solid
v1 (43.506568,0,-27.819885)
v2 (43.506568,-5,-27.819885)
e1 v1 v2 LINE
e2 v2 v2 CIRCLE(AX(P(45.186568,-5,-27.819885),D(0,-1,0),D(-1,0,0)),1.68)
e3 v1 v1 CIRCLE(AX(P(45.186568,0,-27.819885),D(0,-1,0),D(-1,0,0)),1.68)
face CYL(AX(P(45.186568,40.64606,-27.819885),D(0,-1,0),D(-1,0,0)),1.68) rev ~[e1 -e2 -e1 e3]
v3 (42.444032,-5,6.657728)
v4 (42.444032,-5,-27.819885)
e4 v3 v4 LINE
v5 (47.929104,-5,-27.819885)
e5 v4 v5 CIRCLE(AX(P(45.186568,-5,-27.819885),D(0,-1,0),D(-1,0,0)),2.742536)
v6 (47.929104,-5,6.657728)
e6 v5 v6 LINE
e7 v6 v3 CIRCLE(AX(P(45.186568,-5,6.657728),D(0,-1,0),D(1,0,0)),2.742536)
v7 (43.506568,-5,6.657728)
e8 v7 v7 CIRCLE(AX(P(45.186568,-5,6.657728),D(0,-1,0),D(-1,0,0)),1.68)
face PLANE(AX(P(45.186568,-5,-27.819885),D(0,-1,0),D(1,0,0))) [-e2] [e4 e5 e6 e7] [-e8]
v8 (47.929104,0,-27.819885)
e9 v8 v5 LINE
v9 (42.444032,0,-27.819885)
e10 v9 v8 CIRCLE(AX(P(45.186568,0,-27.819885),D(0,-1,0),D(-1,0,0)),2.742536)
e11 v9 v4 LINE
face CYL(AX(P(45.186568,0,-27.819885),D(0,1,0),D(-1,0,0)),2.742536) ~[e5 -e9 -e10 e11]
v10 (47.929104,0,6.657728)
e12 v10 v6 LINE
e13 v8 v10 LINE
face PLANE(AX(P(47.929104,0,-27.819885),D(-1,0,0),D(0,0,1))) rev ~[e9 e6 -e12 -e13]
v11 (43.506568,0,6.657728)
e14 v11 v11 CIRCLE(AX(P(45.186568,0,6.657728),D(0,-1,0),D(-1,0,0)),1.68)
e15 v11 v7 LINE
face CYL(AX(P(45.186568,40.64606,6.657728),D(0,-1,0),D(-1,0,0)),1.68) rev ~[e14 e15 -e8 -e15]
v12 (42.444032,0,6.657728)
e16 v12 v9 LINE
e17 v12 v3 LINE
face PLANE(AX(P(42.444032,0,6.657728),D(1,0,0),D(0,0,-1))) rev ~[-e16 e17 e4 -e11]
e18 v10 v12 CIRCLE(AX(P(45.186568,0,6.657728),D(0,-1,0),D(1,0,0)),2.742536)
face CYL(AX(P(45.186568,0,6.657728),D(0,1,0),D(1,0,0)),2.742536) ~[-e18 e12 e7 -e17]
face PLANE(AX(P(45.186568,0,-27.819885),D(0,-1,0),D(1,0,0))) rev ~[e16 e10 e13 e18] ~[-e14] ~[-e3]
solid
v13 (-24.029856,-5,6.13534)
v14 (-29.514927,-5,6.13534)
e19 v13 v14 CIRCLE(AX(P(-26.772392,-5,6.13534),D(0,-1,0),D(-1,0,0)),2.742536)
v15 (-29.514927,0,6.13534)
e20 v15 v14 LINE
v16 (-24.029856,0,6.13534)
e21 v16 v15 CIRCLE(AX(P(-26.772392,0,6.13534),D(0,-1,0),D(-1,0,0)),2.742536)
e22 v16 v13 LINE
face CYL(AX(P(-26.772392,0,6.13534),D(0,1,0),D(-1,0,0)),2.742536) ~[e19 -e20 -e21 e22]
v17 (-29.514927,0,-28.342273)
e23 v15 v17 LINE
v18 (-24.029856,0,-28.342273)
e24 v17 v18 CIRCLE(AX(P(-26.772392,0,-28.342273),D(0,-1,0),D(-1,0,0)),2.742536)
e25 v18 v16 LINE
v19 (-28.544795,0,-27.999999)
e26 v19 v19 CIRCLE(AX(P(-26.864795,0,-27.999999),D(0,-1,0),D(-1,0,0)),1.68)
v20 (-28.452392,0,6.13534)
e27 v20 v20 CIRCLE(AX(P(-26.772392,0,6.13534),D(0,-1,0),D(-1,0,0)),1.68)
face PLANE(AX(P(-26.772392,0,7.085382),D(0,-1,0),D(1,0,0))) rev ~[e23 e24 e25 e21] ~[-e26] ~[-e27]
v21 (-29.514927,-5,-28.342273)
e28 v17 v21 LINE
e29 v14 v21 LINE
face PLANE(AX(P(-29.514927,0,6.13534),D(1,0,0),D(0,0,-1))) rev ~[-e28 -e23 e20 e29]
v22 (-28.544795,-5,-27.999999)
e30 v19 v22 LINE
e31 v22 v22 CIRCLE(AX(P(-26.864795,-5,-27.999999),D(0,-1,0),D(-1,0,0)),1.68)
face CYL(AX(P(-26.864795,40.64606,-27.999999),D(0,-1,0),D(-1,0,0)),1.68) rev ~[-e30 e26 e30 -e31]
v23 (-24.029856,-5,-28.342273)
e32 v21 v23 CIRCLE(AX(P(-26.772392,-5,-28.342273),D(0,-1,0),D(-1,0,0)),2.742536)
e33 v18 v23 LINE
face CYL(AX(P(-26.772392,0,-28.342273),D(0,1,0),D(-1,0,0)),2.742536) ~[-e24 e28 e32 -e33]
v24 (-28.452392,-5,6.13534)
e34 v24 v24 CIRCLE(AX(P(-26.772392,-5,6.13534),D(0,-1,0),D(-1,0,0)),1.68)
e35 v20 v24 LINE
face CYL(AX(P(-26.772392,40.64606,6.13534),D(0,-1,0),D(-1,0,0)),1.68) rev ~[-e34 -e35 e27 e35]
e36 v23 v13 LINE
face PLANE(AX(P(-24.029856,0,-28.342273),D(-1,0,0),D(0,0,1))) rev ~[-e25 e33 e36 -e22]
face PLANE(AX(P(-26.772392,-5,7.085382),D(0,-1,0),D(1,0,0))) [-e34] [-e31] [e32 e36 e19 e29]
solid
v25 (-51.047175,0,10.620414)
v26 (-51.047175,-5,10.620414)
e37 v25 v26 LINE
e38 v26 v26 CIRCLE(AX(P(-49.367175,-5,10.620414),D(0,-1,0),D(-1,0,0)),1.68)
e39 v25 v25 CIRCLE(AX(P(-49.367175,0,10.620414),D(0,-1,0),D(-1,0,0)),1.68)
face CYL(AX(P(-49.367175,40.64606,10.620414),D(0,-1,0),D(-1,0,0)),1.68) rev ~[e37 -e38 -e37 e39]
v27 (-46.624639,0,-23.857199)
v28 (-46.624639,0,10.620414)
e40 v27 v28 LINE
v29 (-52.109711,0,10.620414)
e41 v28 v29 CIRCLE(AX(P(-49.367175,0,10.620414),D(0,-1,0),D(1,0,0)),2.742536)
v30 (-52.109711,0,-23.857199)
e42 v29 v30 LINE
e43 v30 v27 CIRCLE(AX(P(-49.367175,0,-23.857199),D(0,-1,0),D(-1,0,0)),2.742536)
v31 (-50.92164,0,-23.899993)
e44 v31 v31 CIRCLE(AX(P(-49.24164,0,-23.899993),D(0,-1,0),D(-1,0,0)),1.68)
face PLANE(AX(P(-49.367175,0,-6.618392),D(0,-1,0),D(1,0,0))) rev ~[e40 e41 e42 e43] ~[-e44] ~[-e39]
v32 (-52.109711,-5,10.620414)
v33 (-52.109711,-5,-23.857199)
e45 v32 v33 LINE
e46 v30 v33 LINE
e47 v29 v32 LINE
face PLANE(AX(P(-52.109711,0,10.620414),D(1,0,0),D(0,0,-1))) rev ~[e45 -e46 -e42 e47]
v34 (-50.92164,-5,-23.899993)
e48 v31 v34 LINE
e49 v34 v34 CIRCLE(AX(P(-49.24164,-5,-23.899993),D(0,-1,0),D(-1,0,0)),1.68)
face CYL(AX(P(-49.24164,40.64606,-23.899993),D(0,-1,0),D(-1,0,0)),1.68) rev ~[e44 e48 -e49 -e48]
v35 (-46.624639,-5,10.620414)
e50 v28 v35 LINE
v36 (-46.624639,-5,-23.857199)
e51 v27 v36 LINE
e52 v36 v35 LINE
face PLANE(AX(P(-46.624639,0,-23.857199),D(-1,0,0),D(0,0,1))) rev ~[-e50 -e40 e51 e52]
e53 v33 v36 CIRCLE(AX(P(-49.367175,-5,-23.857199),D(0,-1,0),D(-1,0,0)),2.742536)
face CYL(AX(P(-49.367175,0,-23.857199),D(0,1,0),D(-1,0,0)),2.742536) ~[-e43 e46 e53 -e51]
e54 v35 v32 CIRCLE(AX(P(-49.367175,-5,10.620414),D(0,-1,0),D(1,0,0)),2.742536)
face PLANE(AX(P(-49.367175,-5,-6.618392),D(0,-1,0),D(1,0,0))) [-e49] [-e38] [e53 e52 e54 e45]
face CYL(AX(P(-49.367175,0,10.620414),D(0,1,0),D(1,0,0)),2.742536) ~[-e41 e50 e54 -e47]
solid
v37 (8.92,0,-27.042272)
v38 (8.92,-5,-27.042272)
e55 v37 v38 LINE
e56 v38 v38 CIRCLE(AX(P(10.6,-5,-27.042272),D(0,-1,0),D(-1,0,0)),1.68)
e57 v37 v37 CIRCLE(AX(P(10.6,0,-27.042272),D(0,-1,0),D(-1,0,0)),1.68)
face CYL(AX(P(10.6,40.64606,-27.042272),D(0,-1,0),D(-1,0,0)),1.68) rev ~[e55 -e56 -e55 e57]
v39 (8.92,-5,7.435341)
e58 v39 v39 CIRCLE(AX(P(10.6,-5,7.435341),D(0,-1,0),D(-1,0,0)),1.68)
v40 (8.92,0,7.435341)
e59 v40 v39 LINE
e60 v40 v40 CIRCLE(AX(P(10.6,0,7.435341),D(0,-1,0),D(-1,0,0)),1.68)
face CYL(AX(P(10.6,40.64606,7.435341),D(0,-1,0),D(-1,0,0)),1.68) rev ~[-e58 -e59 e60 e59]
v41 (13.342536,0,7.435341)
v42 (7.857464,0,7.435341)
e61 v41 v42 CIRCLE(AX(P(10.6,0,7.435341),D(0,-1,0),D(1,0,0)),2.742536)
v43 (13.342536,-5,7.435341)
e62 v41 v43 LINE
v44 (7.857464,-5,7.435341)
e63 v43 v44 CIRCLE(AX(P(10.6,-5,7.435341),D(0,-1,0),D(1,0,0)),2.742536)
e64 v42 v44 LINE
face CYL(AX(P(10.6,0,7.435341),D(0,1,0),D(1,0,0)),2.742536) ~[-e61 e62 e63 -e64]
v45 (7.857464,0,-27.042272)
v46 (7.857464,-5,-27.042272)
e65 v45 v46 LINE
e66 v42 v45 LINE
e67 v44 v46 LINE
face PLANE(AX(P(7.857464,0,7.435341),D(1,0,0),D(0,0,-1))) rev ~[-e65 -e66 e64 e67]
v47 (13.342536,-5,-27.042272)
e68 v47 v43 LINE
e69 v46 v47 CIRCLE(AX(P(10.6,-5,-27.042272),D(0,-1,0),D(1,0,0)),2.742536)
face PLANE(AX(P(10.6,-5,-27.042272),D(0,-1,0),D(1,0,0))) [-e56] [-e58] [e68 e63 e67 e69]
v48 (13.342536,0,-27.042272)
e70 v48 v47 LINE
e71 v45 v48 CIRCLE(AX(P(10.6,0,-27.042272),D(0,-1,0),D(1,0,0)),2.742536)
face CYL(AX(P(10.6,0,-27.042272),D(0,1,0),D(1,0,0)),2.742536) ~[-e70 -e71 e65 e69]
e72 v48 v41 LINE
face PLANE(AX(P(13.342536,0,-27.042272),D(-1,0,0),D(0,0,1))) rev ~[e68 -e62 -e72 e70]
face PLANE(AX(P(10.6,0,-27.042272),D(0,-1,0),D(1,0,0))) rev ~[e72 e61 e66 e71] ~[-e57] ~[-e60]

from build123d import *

# Parameters (mm, degrees)
F2_DEPTH     = 5
F3_DEPTH     = 5
F4_DEPTH     = 5
F5_D         = 3.36
F5_2_D       = 3.36
F5_3_D       = 3.36
F5_4_D       = 3.36
F5_ON_F1_D   = 3.36
F5_ON_F1_2_D = 3.36


with BuildPart() as f2:
    # F0 (on Front) → F2 (new body)
    with BuildSketch(Plane.XZ):
        with BuildLine():
            ThreePointArc((-24.0298556164, 6.1353398487), (-26.7723915167, 8.877875749), (-29.514927417, 6.1353398487))
            Line((-29.514927417, 6.1353398487), (-24.0298556164, 6.1353398487))
        make_face()
        with BuildLine():
            Line((-24.0298556164, 6.1353398487), (-29.514927417, 6.1353398487))
            ThreePointArc((-29.514927417, 6.1353398487), (-26.7723915167, 3.3928039484), (-24.0298556164, 6.1353398487))
        make_face()
        with BuildLine():
            ThreePointArc((-24.0298556164, 6.1353398487), (-26.7723915167, 3.3928039484), (-29.514927417, 6.1353398487))
            Line((-29.514927417, 6.1353398487), (-29.514927417, -28.3422730863))
            ThreePointArc((-29.514927417, -28.3422730863), (-26.7723915167, -25.599737186), (-24.0298556164, -28.3422730863))
            Line((-24.0298556164, -28.3422730863), (-24.0298556164, 6.1353398487))
        make_face()
        with BuildLine():
            ThreePointArc((-24.0298556164, -28.3422730863), (-26.7723915167, -25.599737186), (-29.514927417, -28.3422730863))
            Line((-29.514927417, -28.3422730863), (-24.0298556164, -28.3422730863))
        make_face()
        with BuildLine():
            Line((-24.0298556164, -28.3422730863), (-29.514927417, -28.3422730863))
            ThreePointArc((-29.514927417, -28.3422730863), (-26.7723915167, -31.0848089866), (-24.0298556164, -28.3422730863))
        make_face()
    extrude(amount=F2_DEPTH)

    # F5 (through all)
    with Locations(Plane(origin=(0, 0, 0), x_dir=(1, 0, 0), z_dir=(0, 1, 0))):
        with Locations((45.1865680516, -6.6577275284), (45.1865680516, 27.8198854066), (10.5999996886, 27.0422715694), (10.5999996886, -7.4353413656), (-26.7723915167, -6.1353398487), (-49.3671749718, -10.6204142794)):
            Hole(F5_D / 2)

    # F5 on F1 (through all)
    with Locations(Plane(origin=(0, 0, 0), x_dir=(1, 0, 0), z_dir=(0, 1, 0))):
        with Locations((-26.8647950143, 27.9999990016), (-49.2416396737, 23.8999929279)):
            Hole(F5_ON_F1_D / 2)


with BuildPart() as f3:
    # F0 (on Front) → F3 (new body)
    with BuildSketch(Plane.XZ):
        with BuildLine():
            ThreePointArc((7.8574637882, -27.0422715694), (10.5999996886, -29.7848074697), (13.3425355889, -27.0422715694))
            ThreePointArc((13.3425355889, -27.0422715694), (10.5999996886, -24.299735669), (7.8574637882, -27.0422715694))
        make_face()
        with BuildLine():
            ThreePointArc((7.8574637882, 7.4353413656), (10.5999996886, 4.6928054653), (13.3425355889, 7.4353413656))
            ThreePointArc((13.3425355889, 7.4353413656), (10.5999996886, 10.177877266), (7.8574637882, 7.4353413656))
        make_face()
        with BuildLine():
            ThreePointArc((7.8574637882, -27.0422715694), (10.5999996886, -24.299735669), (13.3425355889, -27.0422715694))
            Line((13.3425355889, -27.0422715694), (13.3425355889, 7.4353413656))
            ThreePointArc((13.3425355889, 7.4353413656), (10.5999996886, 4.6928054653), (7.8574637882, 7.4353413656))
            Line((7.8574637882, 7.4353413656), (7.8574637882, -27.0422715694))
        make_face()
    extrude(amount=F3_DEPTH)

    # F5#2 (through all)
    with Locations(Plane(origin=(0, 0, 0), x_dir=(1, 0, 0), z_dir=(0, 1, 0))):
        with Locations((45.1865680516, -6.6577275284), (45.1865680516, 27.8198854066), (10.5999996886, 27.0422715694), (10.5999996886, -7.4353413656), (-26.7723915167, -6.1353398487), (-49.3671749718, -10.6204142794)):
            Hole(F5_2_D / 2)


with BuildPart() as f4:
    # F0 (on Front) → F4 (new body)
    with BuildSketch(Plane.XZ):
        with BuildLine():
            ThreePointArc((-52.1097108722, -23.8571986556), (-49.3671749718, -21.1146627553), (-46.6246390715, -23.8571986556))
            Line((-46.6246390715, -23.8571986556), (-46.6246390715, 10.6204142794))
            ThreePointArc((-46.6246390715, 10.6204142794), (-49.3671749718, 7.8778783791), (-52.1097108722, 10.6204142794))
            Line((-52.1097108722, 10.6204142794), (-52.1097108722, -23.8571986556))
        make_face()
        with BuildLine():
            ThreePointArc((-52.1097108722, -23.8571986556), (-49.3671749718, -26.5997345559), (-46.6246390715, -23.8571986556))
            ThreePointArc((-46.6246390715, -23.8571986556), (-49.3671749718, -21.1146627553), (-52.1097108722, -23.8571986556))
        make_face()
        with BuildLine():
            ThreePointArc((-52.1097108722, 10.6204142794), (-49.3671749718, 7.8778783791), (-46.6246390715, 10.6204142794))
            ThreePointArc((-46.6246390715, 10.6204142794), (-49.3671749718, 13.3629501797), (-52.1097108722, 10.6204142794))
        make_face()
    extrude(amount=F4_DEPTH)

    # F5#3 (through all)
    with Locations(Plane(origin=(0, 0, 0), x_dir=(1, 0, 0), z_dir=(0, 1, 0))):
        with Locations((45.1865680516, -6.6577275284), (45.1865680516, 27.8198854066), (10.5999996886, 27.0422715694), (10.5999996886, -7.4353413656), (-26.7723915167, -6.1353398487), (-49.3671749718, -10.6204142794)):
            Hole(F5_3_D / 2)

    # F5 on F1#2 (through all)
    with Locations(Plane(origin=(0, 0, 0), x_dir=(1, 0, 0), z_dir=(0, 1, 0))):
        with Locations((-26.8647950143, 27.9999990016), (-49.2416396737, 23.8999929279)):
            Hole(F5_ON_F1_2_D / 2)


with BuildPart() as f4b:
    # F0 (on Front) → F4, piece 2 (new body)
    with BuildSketch(Plane.XZ):
        with BuildLine():
            ThreePointArc((42.4440321513, -27.8198854066), (45.1865680516, -30.562421307), (47.9291039519, -27.8198854066))
            ThreePointArc((47.9291039519, -27.8198854066), (45.1865680516, -25.0773495063), (42.4440321513, -27.8198854066))
        make_face()
        with BuildLine():
            ThreePointArc((42.4440321513, 6.6577275284), (45.1865680516, 3.915191628), (47.9291039519, 6.6577275284))
            ThreePointArc((47.9291039519, 6.6577275284), (45.1865680516, 9.4002634287), (42.4440321513, 6.6577275284))
        make_face()
        with BuildLine():
            ThreePointArc((42.4440321513, -27.8198854066), (45.1865680516, -25.0773495063), (47.9291039519, -27.8198854066))
            Line((47.9291039519, -27.8198854066), (47.9291039519, 6.6577275284))
            ThreePointArc((47.9291039519, 6.6577275284), (45.1865680516, 3.915191628), (42.4440321513, 6.6577275284))
            Line((42.4440321513, 6.6577275284), (42.4440321513, -27.8198854066))
        make_face()
    extrude(amount=F4_DEPTH)

    # F5#4 (through all)
    with Locations(Plane(origin=(0, 0, 0), x_dir=(1, 0, 0), z_dir=(0, 1, 0))):
        with Locations((45.1865680516, -6.6577275284), (45.1865680516, 27.8198854066), (10.5999996886, 27.0422715694), (10.5999996886, -7.4353413656), (-26.7723915167, -6.1353398487), (-49.3671749718, -10.6204142794)):
            Hole(F5_4_D / 2)


solid = Compound([f2.part, f3.part, f4.part, f4b.part])
